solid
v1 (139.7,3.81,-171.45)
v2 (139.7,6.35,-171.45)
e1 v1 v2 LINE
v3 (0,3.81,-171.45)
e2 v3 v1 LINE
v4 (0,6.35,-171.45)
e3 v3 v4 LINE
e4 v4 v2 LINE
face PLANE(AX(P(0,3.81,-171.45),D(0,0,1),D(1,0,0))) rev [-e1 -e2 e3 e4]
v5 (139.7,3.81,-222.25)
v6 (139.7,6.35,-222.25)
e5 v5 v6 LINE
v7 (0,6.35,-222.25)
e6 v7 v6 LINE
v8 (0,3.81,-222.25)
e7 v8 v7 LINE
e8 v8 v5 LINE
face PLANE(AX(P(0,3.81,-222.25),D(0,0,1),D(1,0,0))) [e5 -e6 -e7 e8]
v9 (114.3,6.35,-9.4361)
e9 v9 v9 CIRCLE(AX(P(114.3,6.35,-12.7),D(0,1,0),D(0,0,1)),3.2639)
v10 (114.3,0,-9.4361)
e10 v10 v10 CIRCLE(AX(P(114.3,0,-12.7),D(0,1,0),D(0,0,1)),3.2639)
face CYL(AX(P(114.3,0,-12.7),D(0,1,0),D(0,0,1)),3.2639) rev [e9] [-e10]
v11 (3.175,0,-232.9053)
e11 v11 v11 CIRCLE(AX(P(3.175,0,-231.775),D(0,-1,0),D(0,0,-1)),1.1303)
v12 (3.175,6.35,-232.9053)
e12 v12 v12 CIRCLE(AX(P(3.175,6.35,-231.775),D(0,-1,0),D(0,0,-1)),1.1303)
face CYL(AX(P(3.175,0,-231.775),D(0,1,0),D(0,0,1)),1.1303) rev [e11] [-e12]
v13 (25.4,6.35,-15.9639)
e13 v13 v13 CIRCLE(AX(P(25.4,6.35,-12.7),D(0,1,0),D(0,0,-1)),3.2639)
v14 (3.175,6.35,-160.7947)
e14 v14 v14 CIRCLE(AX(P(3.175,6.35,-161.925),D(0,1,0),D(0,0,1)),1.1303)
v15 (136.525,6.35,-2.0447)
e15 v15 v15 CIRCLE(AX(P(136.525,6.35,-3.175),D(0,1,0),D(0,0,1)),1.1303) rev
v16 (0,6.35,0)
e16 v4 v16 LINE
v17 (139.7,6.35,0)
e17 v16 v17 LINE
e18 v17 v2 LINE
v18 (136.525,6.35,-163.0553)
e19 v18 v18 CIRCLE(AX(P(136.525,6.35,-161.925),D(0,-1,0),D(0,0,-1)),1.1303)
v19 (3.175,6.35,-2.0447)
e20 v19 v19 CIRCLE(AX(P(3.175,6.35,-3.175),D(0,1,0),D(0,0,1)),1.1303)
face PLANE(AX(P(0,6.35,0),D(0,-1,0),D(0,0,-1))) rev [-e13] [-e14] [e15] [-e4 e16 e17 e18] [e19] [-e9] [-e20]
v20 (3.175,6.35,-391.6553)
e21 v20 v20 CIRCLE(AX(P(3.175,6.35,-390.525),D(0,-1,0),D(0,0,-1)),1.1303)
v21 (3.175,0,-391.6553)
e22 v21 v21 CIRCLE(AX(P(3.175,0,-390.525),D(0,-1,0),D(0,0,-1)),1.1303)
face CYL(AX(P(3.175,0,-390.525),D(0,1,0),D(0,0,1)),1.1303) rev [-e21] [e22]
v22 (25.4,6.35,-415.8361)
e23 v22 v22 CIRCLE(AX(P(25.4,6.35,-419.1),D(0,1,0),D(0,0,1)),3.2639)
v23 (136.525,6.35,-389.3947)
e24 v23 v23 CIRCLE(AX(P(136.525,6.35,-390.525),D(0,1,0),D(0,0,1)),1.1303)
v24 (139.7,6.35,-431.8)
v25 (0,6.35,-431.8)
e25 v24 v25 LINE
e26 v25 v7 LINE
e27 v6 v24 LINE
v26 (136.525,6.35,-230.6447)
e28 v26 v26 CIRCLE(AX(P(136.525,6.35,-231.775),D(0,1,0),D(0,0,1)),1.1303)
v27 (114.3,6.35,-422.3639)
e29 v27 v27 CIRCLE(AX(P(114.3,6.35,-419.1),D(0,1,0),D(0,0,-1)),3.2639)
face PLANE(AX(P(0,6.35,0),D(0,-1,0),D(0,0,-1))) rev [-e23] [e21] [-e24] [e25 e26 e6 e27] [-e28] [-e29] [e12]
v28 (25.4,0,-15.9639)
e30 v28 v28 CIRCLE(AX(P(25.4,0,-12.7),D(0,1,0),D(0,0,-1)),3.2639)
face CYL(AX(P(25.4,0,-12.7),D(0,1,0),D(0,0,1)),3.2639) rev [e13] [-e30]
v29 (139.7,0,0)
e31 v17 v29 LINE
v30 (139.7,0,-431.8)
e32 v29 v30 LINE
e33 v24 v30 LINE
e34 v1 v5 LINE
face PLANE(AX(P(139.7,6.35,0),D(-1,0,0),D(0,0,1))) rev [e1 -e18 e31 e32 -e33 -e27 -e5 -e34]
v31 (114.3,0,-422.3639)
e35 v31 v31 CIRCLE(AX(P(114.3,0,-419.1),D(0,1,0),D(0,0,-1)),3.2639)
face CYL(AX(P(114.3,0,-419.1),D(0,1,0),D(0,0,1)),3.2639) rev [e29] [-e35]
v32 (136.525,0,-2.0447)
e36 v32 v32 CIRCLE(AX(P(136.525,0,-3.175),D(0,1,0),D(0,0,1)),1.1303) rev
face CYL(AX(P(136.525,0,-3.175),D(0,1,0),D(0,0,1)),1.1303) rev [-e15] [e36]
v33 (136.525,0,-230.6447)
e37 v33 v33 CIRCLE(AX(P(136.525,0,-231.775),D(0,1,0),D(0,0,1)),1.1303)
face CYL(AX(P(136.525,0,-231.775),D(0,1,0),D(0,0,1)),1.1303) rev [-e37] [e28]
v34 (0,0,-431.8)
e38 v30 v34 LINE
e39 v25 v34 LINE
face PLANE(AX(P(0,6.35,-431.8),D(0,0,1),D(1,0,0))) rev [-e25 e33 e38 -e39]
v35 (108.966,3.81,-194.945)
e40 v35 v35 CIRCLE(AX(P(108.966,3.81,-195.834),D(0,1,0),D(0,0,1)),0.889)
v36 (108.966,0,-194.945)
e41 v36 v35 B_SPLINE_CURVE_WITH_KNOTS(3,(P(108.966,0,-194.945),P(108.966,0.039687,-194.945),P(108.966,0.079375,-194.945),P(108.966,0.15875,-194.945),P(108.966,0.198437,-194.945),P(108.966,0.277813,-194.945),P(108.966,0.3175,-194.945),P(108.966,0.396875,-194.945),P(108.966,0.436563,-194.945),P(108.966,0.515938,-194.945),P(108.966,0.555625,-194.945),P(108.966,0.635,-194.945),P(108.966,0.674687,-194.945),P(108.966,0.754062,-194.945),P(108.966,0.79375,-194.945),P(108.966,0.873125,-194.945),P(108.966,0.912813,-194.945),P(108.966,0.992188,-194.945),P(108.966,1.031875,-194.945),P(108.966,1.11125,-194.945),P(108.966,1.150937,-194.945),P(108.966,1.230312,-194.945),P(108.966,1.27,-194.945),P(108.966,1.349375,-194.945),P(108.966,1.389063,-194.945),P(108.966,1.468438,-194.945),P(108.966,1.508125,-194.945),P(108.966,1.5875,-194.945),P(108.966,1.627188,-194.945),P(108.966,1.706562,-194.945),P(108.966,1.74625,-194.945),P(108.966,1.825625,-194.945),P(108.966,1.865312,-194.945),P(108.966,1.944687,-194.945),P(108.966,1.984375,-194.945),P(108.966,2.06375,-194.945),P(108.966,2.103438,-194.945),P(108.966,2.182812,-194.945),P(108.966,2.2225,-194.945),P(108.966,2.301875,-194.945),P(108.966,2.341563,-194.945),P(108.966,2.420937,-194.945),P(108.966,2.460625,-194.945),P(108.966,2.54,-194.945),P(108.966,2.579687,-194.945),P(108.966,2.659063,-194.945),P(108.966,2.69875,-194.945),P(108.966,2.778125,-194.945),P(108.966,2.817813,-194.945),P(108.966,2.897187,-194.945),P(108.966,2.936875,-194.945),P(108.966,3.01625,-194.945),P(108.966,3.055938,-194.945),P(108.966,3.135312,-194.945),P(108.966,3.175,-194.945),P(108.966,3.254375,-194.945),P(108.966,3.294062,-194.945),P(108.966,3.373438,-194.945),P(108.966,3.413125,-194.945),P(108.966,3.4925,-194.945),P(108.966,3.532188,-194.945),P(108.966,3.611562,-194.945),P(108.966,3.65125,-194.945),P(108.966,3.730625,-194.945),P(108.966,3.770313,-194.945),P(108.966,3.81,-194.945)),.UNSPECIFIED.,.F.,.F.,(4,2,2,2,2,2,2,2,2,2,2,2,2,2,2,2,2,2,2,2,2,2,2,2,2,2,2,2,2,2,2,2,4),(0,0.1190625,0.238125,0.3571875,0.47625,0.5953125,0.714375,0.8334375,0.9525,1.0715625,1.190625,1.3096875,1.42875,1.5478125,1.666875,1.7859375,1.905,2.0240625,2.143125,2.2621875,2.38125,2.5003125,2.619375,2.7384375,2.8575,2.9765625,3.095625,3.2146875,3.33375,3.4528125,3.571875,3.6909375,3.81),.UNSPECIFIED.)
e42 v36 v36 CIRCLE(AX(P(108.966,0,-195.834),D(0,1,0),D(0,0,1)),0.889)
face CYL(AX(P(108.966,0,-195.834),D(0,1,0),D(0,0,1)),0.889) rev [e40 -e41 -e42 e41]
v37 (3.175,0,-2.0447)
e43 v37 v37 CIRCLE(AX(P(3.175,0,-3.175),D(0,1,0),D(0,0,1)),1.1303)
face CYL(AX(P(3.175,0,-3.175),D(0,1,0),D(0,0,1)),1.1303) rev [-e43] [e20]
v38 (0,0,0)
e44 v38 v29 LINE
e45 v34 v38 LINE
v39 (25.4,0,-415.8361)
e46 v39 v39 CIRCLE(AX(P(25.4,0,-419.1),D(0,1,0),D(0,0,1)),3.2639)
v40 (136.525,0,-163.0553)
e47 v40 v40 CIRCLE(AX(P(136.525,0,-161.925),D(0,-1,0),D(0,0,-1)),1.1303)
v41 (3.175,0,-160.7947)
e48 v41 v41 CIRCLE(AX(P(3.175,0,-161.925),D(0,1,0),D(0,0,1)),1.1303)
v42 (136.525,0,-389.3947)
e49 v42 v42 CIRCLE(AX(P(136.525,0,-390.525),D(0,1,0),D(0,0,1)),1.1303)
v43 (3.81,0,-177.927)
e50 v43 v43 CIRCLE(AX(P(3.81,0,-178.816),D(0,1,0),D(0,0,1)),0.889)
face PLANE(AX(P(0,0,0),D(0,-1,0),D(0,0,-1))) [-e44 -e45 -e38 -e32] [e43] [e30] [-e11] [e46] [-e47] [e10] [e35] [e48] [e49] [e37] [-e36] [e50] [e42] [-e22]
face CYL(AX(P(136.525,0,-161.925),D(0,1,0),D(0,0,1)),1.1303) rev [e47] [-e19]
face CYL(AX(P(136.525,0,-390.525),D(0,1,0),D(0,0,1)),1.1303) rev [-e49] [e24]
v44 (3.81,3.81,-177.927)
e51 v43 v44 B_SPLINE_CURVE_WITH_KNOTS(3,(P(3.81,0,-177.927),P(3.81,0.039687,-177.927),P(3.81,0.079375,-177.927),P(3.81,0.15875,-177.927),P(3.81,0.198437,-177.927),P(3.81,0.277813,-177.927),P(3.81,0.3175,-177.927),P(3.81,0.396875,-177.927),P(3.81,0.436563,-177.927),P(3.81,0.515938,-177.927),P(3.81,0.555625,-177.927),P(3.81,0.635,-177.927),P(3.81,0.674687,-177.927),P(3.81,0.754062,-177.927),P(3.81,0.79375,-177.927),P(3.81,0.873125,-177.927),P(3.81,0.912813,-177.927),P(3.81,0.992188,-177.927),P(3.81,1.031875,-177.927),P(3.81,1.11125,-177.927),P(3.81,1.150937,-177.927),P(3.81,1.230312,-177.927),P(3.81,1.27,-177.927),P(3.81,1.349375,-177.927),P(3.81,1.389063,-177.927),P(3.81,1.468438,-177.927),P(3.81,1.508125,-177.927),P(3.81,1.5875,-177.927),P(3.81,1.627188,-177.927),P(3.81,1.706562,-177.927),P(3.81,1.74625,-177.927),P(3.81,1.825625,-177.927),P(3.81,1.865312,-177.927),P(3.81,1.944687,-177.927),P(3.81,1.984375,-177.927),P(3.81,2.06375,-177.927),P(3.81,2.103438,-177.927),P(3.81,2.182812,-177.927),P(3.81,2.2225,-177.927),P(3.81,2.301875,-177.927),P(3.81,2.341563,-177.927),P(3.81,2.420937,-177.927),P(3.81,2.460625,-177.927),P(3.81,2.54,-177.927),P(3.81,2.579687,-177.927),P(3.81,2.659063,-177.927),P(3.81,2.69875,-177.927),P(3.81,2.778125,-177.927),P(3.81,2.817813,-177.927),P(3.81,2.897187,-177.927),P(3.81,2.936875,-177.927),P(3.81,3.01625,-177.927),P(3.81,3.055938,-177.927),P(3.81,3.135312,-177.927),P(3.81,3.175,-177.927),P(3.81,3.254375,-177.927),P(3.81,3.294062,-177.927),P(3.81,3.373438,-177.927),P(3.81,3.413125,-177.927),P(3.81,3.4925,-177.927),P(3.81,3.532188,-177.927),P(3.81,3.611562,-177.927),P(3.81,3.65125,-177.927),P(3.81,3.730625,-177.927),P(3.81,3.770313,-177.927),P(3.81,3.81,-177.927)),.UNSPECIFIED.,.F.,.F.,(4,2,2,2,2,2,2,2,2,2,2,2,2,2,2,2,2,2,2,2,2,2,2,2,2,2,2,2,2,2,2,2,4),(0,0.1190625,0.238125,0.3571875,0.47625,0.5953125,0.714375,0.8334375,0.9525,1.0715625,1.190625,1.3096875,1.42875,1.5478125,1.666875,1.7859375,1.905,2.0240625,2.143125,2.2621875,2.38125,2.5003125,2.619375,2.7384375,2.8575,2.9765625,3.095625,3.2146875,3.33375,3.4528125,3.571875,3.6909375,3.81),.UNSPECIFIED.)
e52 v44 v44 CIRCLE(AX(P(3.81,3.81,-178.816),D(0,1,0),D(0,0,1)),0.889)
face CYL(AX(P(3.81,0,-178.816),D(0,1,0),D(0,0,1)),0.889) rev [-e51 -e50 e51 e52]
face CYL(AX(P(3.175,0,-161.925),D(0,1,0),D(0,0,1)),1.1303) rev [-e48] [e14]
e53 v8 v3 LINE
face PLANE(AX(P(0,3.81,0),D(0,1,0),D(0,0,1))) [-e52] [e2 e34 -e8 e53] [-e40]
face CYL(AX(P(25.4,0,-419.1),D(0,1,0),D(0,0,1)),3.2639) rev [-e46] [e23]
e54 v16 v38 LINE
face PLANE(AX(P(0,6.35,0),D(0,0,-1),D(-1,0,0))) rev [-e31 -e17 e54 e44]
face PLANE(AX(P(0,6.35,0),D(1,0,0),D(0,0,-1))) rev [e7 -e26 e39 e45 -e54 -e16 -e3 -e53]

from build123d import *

# Parameters (mm, degrees)
SKETCH1_W           = 139.7
SKETCH1_H           = 431.8
BOSS_EXTRUDE1_DEPTH = 6.35
SKETCH3_R           = 1.1303
CUT_EXTRUDE6_DEPTH  = 6.35
SKETCH4_W           = 139.7
SKETCH4_H           = 50.8
CUT_EXTRUDE7_DEPTH  = 2.54
SKETCH5_R           = 0.889
CUT_EXTRUDE8_DEPTH  = 454.852229365
SKETCH6_R           = 3.2639
CUT_EXTRUDE9_DEPTH  = 454.880658874


with BuildPart() as part:
    # Sketch1 → Boss-Extrude1 (new body)
    with BuildSketch(Plane(origin=(0, 0, 0), x_dir=(1, 0, 0), z_dir=(0, 1, 0))):
        with Locations((69.85, 215.9)):
            Rectangle(SKETCH1_W, SKETCH1_H)
    extrude(amount=BOSS_EXTRUDE1_DEPTH)

    # Sketch3 → Cut-Extrude6 (cut)
    with BuildSketch(Plane(origin=(0, 6.35, 0), x_dir=(1, 0, 0), z_dir=(0, 1, 0))):
        with Locations(Location((3.175, 3.175, 0), (0, 0, 270))):
            Circle(SKETCH3_R)
        with Locations(Location((136.525, 3.175, 0), (0, 0, 270))):
            Circle(SKETCH3_R)
        with Locations(Location((136.525, 161.925, 0), (0, 0, 90))):
            Circle(SKETCH3_R)
        with Locations(Location((136.525, 231.775, 0), (0, 0, 270))):
            Circle(SKETCH3_R)
        with Locations(Location((3.175, 161.925, 0), (0, 0, 270))):
            Circle(SKETCH3_R)
        with Locations(Location((3.175, 231.775, 0), (0, 0, 90))):
            Circle(SKETCH3_R)
        with Locations(Location((3.175, 390.525, 0), (0, 0, 90))):
            Circle(SKETCH3_R)
        with Locations(Location((136.525, 390.525, 0), (0, 0, 270))):
            Circle(SKETCH3_R)
    extrude(amount=-CUT_EXTRUDE6_DEPTH, mode=Mode.SUBTRACT)

    # Sketch4 → Cut-Extrude7 (cut)
    with BuildSketch(Plane(origin=(0, 6.35, 0), x_dir=(1, 0, 0), z_dir=(0, 1, 0))):
        with Locations((69.85, 196.85)):
            Rectangle(SKETCH4_W, SKETCH4_H)
    extrude(amount=-CUT_EXTRUDE7_DEPTH, mode=Mode.SUBTRACT)

    # Sketch5 → Cut-Extrude8 (cut, through all)
    with BuildSketch(Plane(origin=(0, 3.81, 0), x_dir=(1, 0, 0), z_dir=(0, 1, 0))):
        with Locations(Location((3.81, 178.816, 0), (0, 0, 270))):
            Circle(SKETCH5_R)
        with Locations(Location((108.966, 195.834, 0), (0, 0, 270))):
            Circle(SKETCH5_R)
    extrude(amount=-CUT_EXTRUDE8_DEPTH, mode=Mode.SUBTRACT)

    # Sketch6 → Cut-Extrude9 (cut, through all)
    with BuildSketch(Plane(origin=(0, 6.35, 0), x_dir=(1, 0, 0), z_dir=(0, 1, 0))):
        with Locations(Location((25.4, 419.1, 0), (0, 0, 270))):
            Circle(SKETCH6_R)
        with Locations(Location((114.3, 419.1, 0), (0, 0, 90))):
            Circle(SKETCH6_R)
        with Locations(Location((114.3, 12.7, 0), (0, 0, 270))):
            Circle(SKETCH6_R)
        with Locations(Location((25.4, 12.7, 0), (0, 0, 90))):
            Circle(SKETCH6_R)
    extrude(amount=-CUT_EXTRUDE9_DEPTH, mode=Mode.SUBTRACT)


solid = part.part
